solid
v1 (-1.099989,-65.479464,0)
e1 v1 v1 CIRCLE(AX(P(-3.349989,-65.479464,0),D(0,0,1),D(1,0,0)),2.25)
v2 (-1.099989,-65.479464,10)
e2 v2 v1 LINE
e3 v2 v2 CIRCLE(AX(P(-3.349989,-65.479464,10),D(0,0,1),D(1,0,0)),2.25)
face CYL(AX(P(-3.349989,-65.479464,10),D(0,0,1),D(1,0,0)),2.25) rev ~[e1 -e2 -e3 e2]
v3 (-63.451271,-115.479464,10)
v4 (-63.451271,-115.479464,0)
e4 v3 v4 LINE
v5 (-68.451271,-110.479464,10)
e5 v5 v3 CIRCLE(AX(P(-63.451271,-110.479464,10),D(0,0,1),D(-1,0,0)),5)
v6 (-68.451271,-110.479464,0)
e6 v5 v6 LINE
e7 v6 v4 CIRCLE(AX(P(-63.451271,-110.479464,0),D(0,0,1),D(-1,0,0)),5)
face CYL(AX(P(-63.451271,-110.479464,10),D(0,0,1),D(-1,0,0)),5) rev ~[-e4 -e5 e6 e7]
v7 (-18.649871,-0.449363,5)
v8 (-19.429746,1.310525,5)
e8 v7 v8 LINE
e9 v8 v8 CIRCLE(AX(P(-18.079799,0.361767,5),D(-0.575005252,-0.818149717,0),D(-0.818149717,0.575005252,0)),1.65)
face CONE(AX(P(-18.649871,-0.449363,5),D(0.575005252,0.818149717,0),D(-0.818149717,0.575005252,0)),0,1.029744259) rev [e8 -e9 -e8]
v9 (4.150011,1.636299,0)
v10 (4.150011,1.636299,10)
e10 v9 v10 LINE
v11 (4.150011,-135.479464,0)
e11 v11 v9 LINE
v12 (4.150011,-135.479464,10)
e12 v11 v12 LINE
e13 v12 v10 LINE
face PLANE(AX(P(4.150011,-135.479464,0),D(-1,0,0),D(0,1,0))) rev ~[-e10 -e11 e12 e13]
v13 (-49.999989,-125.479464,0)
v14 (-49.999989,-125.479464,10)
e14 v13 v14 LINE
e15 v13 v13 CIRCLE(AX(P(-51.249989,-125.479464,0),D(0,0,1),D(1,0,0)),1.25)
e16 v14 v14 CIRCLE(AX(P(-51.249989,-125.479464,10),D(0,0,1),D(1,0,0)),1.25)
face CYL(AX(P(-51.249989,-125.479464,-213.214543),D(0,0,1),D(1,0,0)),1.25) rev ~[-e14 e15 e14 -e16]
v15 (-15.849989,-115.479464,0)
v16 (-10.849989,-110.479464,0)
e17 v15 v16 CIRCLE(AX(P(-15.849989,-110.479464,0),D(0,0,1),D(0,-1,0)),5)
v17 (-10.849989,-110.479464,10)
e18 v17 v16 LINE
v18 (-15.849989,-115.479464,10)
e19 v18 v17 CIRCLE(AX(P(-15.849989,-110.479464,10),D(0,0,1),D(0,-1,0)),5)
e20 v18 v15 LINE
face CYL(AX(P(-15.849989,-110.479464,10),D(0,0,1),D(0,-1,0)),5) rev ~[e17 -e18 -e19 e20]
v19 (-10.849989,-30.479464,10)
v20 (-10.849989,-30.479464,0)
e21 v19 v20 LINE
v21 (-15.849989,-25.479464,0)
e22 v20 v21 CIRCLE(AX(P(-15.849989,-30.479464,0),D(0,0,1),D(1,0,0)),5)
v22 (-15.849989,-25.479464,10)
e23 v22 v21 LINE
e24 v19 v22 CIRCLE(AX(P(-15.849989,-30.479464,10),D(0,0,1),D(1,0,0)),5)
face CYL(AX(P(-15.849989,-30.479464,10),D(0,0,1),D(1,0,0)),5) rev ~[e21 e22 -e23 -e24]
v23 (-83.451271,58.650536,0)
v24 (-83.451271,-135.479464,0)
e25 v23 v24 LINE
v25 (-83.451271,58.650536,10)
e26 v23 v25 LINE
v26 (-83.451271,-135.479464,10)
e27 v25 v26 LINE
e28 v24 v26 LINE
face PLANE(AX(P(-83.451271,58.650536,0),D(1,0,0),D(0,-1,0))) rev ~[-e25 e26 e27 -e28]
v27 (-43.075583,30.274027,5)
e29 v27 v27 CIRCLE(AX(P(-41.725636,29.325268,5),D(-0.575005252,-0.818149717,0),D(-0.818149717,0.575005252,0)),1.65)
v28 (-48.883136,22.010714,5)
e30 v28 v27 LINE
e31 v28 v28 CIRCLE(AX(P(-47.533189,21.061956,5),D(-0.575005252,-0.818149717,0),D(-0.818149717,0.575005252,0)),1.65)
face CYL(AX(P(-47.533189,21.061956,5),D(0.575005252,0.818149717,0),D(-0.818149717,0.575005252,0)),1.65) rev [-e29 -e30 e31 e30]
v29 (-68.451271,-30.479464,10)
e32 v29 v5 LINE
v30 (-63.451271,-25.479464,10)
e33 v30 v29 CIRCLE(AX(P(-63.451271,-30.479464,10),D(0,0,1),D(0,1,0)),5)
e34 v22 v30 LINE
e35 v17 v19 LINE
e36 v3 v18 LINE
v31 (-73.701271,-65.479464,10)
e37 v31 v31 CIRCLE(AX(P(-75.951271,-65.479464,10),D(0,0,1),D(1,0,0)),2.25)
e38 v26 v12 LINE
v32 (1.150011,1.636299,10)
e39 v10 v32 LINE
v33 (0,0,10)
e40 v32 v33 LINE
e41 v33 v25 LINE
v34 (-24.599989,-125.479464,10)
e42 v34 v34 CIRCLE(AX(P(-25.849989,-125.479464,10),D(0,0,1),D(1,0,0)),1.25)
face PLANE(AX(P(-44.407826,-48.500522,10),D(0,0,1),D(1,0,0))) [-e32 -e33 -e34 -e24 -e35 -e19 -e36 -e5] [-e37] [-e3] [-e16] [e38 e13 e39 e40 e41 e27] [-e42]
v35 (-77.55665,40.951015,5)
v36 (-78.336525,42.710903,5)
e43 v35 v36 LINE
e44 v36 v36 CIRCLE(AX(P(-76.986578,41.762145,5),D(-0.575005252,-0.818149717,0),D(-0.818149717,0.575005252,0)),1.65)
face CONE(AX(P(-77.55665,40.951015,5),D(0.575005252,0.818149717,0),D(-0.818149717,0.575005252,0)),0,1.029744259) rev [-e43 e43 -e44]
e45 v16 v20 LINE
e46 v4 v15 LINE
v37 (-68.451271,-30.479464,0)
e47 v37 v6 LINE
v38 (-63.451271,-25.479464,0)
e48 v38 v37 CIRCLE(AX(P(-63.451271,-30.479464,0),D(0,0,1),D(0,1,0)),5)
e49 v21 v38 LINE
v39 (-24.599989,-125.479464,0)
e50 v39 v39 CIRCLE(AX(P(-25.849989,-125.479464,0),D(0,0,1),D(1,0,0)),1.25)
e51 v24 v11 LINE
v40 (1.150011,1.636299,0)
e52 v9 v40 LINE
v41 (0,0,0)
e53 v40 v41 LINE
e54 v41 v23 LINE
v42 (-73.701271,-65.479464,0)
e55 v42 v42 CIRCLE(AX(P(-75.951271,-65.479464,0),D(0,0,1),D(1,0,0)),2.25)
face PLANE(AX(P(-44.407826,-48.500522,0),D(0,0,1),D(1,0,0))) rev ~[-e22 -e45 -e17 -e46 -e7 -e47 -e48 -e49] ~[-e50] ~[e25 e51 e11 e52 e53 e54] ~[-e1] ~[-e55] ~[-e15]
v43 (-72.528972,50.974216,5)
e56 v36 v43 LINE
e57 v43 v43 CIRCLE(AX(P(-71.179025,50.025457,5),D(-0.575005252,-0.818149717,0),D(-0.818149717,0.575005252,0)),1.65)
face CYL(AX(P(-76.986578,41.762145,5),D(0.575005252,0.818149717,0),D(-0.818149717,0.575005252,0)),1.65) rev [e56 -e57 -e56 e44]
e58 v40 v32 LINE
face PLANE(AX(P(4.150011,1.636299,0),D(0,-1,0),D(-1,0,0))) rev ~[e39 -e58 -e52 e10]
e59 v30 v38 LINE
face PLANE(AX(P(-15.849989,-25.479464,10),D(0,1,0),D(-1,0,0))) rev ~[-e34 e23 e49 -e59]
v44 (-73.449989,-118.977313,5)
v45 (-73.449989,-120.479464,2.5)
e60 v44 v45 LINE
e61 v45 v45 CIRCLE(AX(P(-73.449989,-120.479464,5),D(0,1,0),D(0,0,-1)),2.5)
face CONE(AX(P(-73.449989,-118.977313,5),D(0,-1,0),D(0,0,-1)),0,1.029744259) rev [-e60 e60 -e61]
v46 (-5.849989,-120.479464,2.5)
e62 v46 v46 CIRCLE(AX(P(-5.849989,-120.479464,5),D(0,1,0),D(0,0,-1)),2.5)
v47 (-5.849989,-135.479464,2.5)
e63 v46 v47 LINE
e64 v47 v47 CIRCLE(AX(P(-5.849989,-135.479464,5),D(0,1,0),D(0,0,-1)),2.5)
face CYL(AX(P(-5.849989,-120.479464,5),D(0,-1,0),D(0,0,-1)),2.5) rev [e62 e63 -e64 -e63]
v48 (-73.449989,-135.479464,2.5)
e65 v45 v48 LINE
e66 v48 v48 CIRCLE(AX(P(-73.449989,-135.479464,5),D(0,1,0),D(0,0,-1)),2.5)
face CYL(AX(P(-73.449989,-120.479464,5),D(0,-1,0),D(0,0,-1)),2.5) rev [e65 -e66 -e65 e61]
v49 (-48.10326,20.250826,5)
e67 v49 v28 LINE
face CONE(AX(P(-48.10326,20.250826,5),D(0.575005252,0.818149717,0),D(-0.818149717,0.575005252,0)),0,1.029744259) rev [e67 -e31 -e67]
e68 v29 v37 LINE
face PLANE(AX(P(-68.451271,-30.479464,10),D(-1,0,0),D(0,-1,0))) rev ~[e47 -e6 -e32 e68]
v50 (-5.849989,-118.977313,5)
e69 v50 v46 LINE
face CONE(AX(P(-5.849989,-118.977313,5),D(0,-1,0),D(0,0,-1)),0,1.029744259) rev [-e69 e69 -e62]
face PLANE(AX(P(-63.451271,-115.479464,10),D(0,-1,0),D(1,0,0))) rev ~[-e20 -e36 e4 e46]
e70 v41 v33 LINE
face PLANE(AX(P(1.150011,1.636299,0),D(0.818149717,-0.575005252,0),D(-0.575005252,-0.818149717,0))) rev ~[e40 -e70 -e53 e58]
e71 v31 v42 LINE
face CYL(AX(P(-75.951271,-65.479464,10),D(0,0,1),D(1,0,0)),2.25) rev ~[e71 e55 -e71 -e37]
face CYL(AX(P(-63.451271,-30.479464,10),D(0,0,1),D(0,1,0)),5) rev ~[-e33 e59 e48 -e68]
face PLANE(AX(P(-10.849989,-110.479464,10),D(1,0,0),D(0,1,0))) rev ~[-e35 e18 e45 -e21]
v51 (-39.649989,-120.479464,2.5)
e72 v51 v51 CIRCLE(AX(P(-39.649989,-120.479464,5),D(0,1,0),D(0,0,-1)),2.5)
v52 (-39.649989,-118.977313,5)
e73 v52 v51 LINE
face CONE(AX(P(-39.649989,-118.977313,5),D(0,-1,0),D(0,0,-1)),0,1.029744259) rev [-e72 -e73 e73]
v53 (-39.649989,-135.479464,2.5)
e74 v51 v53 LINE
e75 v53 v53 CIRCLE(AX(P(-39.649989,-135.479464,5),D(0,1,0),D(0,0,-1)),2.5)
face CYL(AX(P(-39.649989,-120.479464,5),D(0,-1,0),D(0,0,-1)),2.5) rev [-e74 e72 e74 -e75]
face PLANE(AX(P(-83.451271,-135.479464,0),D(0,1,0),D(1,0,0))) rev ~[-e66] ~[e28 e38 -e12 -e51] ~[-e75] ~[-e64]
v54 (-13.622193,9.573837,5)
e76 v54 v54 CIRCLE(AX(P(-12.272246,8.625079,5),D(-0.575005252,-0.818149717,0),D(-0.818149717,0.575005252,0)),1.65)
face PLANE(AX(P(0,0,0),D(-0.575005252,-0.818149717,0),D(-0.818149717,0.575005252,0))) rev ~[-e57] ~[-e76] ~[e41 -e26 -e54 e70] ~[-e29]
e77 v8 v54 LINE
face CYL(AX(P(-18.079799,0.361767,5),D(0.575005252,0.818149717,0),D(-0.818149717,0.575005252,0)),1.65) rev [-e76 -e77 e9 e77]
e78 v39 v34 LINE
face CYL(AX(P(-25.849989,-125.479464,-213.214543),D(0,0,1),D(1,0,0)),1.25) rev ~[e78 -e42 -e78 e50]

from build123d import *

# Parameters (mm, degrees)
EXTRUDE_1_DEPTH        = 10
PATTERN_LINEAR_1_COUNT = 3
PATTERN_LINEAR_1_PITCH = 36
CUT_EXTRUDE_1_DEPTH    = 160.432744146
PATTERN_LINEAR_2_COUNT = 3
PATTERN_LINEAR_2_PITCH = 33.8
SKETCH_7_R             = 2.25
CUT_EXTRUDE_2_DEPTH    = 160.432744146
HOLE_WIZARD_M3_1_D     = 2.5
PATTERN_LINEAR_3_COUNT = 2
PATTERN_LINEAR_3_PITCH = 25.4


with BuildPart() as part:
    # 草图1 → 凸台-拉伸1 (new body)
    with BuildSketch(Plane.XY):
        Polygon((0, 0), (-83.451271177, 58.650535708), (-83.451271177, -135.479464292), (4.150010504, -135.479464292), (4.150010504, 1.636299435), (1.150010504, 1.636299435), align=None)
    extrude(amount=EXTRUDE_1_DEPTH)

    # 草图2 → M4 螺纹孔1 (revolve, cut)
    with BuildSketch(Plane(origin=(-12.272245761, 8.625078781, 5), x_dir=(-0.8181497174250271, 0.5750052520432736, 0), z_dir=(0, 0, 1))):
        Polygon((0, 0), (0, 11.091420021), (1.65, 10.1), (1.65, 0), align=None)
    hole_wizard_m4_1 = revolve(axis=Axis((-8.620962411, 13.820329486, 5), (-0.5750052520432737, -0.818149717425027, 0)), mode=Mode.SUBTRACT)

    # 阵列(线性)1: M4 螺纹孔1 ×3
    with Locations(*[Vector(-0.8181497174250268, 0.5750052520432738, 0) * (i * PATTERN_LINEAR_1_PITCH) for i in range(1, PATTERN_LINEAR_1_COUNT)]):
        add(hole_wizard_m4_1, mode=Mode.SUBTRACT)

    # 草图4 → 切除-拉伸1 (cut, through all)
    with BuildSketch(Plane.XY.offset(10)):
        with BuildLine():
            Line((-63.451271177, -115.479464292), (-15.849989496, -115.479464292))
            ThreePointArc((-15.849989496, -115.479464292), (-12.31445559, -114.014998198), (-10.849989496, -110.479464292))
            Line((-10.849989496, -110.479464292), (-10.849989496, -30.479464292))
            ThreePointArc((-10.849989496, -30.479464292), (-12.31445559, -26.943930386), (-15.849989496, -25.479464292))
            Line((-15.849989496, -25.479464292), (-63.451271177, -25.479464292))
            ThreePointArc((-63.451271177, -25.479464292), (-66.986805083, -26.943930386), (-68.451271177, -30.479464292))
            Line((-68.451271177, -30.479464292), (-68.451271177, -110.479464292))
            ThreePointArc((-68.451271177, -110.479464292), (-66.986805083, -114.014998198), (-63.451271177, -115.479464292))
        make_face()
    extrude(amount=-CUT_EXTRUDE_1_DEPTH, mode=Mode.SUBTRACT)

    # 草图5 → M6 螺纹孔1 (revolve, cut)
    with BuildSketch(Plane(origin=(-5.849989496, -135.479464292, 5), x_dir=(0, 0, -1), z_dir=(1, 0, 0))):
        Polygon((0, 0), (0, 16.502151548), (2.5, 15), (2.5, 0), align=None)
    hole_wizard_m6_1 = revolve(axis=Axis((-5.849989496, -141.829464292, 5), (0, 1, 0)), mode=Mode.SUBTRACT)

    # 阵列(线性)2: M6 螺纹孔1 ×3
    with Locations(*[(-i * PATTERN_LINEAR_2_PITCH, 0, 0) for i in range(1, PATTERN_LINEAR_2_COUNT)]):
        add(hole_wizard_m6_1, mode=Mode.SUBTRACT)

    # 草图7 → 切除-拉伸2 (cut, through all)
    with BuildSketch(Plane.XY.offset(10)):
        with Locations((-75.951271177, -65.479464292)):
            Circle(SKETCH_7_R)
        with Locations((-3.349989496, -65.479464292)):
            Circle(SKETCH_7_R)
    extrude(amount=-CUT_EXTRUDE_2_DEPTH, mode=Mode.SUBTRACT)

    # M3 螺纹孔1 (through all)
    with Locations(Plane(origin=(0, 0, 0), x_dir=(-1, 0, 0), z_dir=(0, 0, -1))):
        with Locations((25.849989496, -125.479464292)):
            hole_wizard_m3_1 = Hole(HOLE_WIZARD_M3_1_D / 2)

    # 阵列(线性)3: M3 螺纹孔1 ×2
    with Locations(*[(-i * PATTERN_LINEAR_3_PITCH, 0, 0) for i in range(1, PATTERN_LINEAR_3_COUNT)]):
        add(hole_wizard_m3_1, mode=Mode.SUBTRACT)


solid = part.part
